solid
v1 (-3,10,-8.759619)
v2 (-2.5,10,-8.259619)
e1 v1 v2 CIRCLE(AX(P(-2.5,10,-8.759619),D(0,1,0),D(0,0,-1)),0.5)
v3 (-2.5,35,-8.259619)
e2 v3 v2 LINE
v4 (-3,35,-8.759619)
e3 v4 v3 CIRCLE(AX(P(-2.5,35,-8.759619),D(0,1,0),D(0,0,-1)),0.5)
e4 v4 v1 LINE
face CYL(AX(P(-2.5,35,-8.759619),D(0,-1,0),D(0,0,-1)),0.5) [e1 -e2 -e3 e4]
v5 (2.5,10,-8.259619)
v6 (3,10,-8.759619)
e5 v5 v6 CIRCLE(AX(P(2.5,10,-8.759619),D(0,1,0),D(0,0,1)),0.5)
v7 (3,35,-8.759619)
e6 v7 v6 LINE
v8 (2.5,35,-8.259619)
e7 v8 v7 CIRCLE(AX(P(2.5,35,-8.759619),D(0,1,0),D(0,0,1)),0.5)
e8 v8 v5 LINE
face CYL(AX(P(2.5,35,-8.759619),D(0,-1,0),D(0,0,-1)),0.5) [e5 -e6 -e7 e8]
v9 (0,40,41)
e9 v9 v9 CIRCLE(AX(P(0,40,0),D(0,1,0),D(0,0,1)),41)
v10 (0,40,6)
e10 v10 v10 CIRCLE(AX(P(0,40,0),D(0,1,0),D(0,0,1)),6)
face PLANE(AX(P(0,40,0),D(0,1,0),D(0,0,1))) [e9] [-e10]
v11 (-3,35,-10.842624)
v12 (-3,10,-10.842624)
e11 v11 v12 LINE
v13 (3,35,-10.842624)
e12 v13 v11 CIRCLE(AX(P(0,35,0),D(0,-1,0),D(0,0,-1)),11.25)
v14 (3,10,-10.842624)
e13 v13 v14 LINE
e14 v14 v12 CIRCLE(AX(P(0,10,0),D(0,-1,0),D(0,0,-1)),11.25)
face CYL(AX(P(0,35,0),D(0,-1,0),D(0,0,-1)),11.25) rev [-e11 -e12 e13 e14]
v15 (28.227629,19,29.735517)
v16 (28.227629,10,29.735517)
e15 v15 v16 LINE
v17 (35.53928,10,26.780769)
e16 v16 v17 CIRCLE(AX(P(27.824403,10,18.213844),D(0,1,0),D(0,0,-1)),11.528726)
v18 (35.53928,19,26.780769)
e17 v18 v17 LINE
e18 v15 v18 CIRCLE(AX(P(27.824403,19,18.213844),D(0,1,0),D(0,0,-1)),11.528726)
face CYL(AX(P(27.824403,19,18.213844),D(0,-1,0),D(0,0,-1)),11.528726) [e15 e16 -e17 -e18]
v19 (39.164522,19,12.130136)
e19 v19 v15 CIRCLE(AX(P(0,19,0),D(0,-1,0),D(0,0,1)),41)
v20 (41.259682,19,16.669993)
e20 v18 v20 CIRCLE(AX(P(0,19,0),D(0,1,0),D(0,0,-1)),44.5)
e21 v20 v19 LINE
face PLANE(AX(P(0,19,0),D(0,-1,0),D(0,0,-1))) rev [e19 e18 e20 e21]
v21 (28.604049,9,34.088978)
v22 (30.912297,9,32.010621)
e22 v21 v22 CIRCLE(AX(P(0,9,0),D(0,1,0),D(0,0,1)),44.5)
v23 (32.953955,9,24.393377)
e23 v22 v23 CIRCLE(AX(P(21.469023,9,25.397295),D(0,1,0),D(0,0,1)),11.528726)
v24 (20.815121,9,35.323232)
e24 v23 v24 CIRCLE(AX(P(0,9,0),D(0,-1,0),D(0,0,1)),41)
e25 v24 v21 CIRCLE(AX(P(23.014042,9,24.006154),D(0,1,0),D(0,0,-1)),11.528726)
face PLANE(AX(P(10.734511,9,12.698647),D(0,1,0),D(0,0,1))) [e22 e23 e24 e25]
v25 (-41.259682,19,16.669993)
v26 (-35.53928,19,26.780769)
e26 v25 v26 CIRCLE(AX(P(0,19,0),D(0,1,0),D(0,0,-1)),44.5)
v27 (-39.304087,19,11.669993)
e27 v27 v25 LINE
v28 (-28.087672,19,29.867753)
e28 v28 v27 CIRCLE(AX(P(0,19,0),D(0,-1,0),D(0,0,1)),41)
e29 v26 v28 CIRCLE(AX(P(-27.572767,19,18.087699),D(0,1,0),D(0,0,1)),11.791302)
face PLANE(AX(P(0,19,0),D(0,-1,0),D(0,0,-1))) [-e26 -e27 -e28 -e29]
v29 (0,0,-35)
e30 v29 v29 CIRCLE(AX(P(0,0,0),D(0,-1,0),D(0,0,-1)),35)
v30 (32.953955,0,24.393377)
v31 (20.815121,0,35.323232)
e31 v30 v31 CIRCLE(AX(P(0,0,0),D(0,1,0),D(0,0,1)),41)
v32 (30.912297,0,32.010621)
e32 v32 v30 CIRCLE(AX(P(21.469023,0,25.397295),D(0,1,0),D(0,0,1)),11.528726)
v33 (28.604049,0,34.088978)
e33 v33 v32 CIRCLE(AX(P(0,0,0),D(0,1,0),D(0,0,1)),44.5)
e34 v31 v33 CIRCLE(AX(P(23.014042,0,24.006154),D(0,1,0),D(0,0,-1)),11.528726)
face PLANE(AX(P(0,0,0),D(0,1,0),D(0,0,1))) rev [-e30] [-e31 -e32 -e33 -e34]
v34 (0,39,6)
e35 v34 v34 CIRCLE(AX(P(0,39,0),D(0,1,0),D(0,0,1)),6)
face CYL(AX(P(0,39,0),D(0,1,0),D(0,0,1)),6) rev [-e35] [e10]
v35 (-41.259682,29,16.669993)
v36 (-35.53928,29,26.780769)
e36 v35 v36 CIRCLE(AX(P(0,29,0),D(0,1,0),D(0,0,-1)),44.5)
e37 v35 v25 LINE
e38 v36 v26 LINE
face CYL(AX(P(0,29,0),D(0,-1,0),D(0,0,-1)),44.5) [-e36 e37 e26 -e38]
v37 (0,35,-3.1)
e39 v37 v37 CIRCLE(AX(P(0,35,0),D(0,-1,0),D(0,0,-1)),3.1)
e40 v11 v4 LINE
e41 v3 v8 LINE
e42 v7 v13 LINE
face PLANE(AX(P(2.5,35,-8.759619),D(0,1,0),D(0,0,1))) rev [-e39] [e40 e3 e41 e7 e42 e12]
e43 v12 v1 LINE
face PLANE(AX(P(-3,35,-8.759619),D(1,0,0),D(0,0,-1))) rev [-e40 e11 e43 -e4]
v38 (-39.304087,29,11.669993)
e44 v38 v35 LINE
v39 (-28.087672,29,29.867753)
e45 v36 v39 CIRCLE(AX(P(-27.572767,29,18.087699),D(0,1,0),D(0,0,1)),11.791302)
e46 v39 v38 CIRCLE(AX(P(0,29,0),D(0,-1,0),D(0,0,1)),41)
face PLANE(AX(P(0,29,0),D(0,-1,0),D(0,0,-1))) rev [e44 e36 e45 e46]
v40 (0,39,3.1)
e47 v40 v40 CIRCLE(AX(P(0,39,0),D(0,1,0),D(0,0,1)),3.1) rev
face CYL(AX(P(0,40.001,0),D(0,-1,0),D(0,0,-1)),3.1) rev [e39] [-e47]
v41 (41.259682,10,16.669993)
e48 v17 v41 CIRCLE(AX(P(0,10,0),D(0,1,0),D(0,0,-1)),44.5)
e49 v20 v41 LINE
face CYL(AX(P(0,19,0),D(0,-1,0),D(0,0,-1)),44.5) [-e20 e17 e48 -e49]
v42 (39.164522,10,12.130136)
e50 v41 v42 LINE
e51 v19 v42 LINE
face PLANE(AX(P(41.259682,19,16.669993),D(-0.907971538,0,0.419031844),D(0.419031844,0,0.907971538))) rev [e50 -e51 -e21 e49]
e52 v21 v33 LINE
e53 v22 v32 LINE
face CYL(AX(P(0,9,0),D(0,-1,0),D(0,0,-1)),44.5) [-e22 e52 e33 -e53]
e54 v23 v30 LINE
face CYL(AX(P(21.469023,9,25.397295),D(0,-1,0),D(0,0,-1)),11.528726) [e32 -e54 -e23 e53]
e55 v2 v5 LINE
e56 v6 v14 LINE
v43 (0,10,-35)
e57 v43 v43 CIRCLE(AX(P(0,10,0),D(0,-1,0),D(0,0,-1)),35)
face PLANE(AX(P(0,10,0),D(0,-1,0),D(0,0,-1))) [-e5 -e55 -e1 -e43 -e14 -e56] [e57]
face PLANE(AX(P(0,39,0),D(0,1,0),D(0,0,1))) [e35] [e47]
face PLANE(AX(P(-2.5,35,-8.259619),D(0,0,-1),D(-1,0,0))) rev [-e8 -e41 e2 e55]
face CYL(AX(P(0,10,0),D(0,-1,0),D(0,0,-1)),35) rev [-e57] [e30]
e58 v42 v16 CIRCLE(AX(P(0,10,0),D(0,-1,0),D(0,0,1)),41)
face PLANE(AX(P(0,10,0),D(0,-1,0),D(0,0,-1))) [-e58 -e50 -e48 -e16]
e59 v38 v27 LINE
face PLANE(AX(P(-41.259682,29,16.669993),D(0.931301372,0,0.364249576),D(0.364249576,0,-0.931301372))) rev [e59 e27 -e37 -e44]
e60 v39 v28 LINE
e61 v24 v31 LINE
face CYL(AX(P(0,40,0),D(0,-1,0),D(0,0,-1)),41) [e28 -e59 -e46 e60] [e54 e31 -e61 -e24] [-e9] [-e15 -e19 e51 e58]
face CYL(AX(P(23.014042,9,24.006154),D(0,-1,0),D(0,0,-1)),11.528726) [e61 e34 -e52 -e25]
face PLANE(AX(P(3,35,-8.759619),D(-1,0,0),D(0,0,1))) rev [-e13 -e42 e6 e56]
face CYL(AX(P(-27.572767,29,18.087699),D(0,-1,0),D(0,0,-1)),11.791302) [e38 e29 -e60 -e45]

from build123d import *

# Parameters (mm, degrees)
SKETCH2_R           = 41
BOSS_EXTRUDE1_DEPTH = 40
HOME_DEPTH          = 9
END_R_DEPTH         = 9
END_L_DEPTH         = 10
SKETCH8_R           = 35
CUT_EXTRUDE1_DEPTH  = 10
CUT_EXTRUDE3_DEPTH  = 25
CUT_EXTRUDE4_REACH  = 7
SKETCH11_R          = 3.1
SKETCH12_R          = 6
CUT_EXTRUDE5_DEPTH  = 1


with BuildPart() as part:
    # Sketch2 → Boss-Extrude1 (new body)
    with BuildSketch(Plane(origin=(0, 0, 0), x_dir=(1, 0, 0), z_dir=(0, 1, 0))):
        Circle(SKETCH2_R)
    extrude(amount=BOSS_EXTRUDE1_DEPTH)

    # Sketch3 → Home (add)
    with BuildSketch(Plane(origin=(0, 0, 0), x_dir=(1, 0, 0), z_dir=(0, 1, 0))):
        with BuildLine():
            ThreePointArc((28.604048631, -34.088977719), (29.776311983, -33.069944734), (30.912297485, -32.010621115))
            ThreePointArc((30.912297485, -32.010621115), (32.604689255, -28.381998607), (32.953955321, -24.393376738))
            ThreePointArc((32.953955321, -24.393376738), (27.434354861, -30.468937845), (20.815120959, -35.323232291))
            ThreePointArc((20.815120959, -35.323232291), (24.818400986, -35.392804054), (28.604048631, -34.088977719))
        make_face()
    extrude(amount=HOME_DEPTH)

    # Sketch4 → End R (add)
    with BuildSketch(Plane(origin=(0, 10, 0), x_dir=(1, 0, 0), z_dir=(0, 1, 0))):
        with BuildLine():
            Line((41.259681528, -16.669993407), (39.164522306, -12.130135718))
            ThreePointArc((39.164522306, -12.130135718), (34.826898772, -21.635321166), (28.227629104, -29.735516729))
            ThreePointArc((28.227629104, -29.735516729), (32.143955565, -28.90276331), (35.539280197, -26.78076853))
            ThreePointArc((35.539280197, -26.78076853), (38.730828469, -21.912848425), (41.259681528, -16.669993407))
        make_face()
    extrude(amount=END_R_DEPTH)

    # Sketch6 → End L (add)
    with BuildSketch(Plane(origin=(0, 19, 0), x_dir=(1, 0, 0), z_dir=(0, 1, 0))):
        with BuildLine():
            Line((-41.259681528, -16.669993407), (-39.304086987, -11.669993407))
            ThreePointArc((-39.304086987, -11.669993407), (-34.902749486, -21.512742231), (-28.087672455, -29.867752779))
            ThreePointArc((-28.087672455, -29.867752779), (-32.085635632, -28.981220402), (-35.539280197, -26.78076853))
            ThreePointArc((-35.539280197, -26.78076853), (-38.730828469, -21.912848425), (-41.259681528, -16.669993407))
        make_face()
    extrude(amount=END_L_DEPTH)

    # Sketch8 → Cut-Extrude1 (cut)
    with BuildSketch(Plane.XZ):
        Circle(SKETCH8_R)
    extrude(amount=-CUT_EXTRUDE1_DEPTH, mode=Mode.SUBTRACT)

    # Sketch10 → Cut-Extrude3 (cut)
    with BuildSketch(Plane.XZ.offset(-10)):
        with BuildLine():
            Line((-2.5, -8.259618977), (2.5, -8.259618977))
            ThreePointArc((2.5, -8.259618977), (2.853553391, -8.406065586), (3, -8.759618977))
            Line((3, -8.759618977), (3, -10.842624221))
            ThreePointArc((3, -10.842624221), (0, 11.25), (-3, -10.842624221))
            Line((-3, -10.842624221), (-3, -8.759618977))
            ThreePointArc((-3, -8.759618977), (-2.853553391, -8.406065586), (-2.5, -8.259618977))
        make_face()
    extrude(amount=-CUT_EXTRUDE3_DEPTH, mode=Mode.SUBTRACT)

    # Sketch11 → Cut-Extrude4 (cut, up to next)
    with BuildSketch(Plane.XZ.offset(-35), mode=Mode.PRIVATE) as cut_extrude4_sk1:
        Circle(SKETCH11_R)
    cut_extrude4_tool1 = extrude(cut_extrude4_sk1.sketch, amount=-CUT_EXTRUDE4_REACH, mode=Mode.PRIVATE) & part.part
    add(cut_extrude4_tool1.solids().sort_by_distance((0, 35, 0))[0], mode=Mode.SUBTRACT)

    # Sketch12 → Cut-Extrude5 (cut)
    with BuildSketch(Plane(origin=(0, 40, 0), x_dir=(1, 0, 0), z_dir=(0, 1, 0))):
        Circle(SKETCH12_R)
    extrude(amount=-CUT_EXTRUDE5_DEPTH, mode=Mode.SUBTRACT)


solid = part.part
